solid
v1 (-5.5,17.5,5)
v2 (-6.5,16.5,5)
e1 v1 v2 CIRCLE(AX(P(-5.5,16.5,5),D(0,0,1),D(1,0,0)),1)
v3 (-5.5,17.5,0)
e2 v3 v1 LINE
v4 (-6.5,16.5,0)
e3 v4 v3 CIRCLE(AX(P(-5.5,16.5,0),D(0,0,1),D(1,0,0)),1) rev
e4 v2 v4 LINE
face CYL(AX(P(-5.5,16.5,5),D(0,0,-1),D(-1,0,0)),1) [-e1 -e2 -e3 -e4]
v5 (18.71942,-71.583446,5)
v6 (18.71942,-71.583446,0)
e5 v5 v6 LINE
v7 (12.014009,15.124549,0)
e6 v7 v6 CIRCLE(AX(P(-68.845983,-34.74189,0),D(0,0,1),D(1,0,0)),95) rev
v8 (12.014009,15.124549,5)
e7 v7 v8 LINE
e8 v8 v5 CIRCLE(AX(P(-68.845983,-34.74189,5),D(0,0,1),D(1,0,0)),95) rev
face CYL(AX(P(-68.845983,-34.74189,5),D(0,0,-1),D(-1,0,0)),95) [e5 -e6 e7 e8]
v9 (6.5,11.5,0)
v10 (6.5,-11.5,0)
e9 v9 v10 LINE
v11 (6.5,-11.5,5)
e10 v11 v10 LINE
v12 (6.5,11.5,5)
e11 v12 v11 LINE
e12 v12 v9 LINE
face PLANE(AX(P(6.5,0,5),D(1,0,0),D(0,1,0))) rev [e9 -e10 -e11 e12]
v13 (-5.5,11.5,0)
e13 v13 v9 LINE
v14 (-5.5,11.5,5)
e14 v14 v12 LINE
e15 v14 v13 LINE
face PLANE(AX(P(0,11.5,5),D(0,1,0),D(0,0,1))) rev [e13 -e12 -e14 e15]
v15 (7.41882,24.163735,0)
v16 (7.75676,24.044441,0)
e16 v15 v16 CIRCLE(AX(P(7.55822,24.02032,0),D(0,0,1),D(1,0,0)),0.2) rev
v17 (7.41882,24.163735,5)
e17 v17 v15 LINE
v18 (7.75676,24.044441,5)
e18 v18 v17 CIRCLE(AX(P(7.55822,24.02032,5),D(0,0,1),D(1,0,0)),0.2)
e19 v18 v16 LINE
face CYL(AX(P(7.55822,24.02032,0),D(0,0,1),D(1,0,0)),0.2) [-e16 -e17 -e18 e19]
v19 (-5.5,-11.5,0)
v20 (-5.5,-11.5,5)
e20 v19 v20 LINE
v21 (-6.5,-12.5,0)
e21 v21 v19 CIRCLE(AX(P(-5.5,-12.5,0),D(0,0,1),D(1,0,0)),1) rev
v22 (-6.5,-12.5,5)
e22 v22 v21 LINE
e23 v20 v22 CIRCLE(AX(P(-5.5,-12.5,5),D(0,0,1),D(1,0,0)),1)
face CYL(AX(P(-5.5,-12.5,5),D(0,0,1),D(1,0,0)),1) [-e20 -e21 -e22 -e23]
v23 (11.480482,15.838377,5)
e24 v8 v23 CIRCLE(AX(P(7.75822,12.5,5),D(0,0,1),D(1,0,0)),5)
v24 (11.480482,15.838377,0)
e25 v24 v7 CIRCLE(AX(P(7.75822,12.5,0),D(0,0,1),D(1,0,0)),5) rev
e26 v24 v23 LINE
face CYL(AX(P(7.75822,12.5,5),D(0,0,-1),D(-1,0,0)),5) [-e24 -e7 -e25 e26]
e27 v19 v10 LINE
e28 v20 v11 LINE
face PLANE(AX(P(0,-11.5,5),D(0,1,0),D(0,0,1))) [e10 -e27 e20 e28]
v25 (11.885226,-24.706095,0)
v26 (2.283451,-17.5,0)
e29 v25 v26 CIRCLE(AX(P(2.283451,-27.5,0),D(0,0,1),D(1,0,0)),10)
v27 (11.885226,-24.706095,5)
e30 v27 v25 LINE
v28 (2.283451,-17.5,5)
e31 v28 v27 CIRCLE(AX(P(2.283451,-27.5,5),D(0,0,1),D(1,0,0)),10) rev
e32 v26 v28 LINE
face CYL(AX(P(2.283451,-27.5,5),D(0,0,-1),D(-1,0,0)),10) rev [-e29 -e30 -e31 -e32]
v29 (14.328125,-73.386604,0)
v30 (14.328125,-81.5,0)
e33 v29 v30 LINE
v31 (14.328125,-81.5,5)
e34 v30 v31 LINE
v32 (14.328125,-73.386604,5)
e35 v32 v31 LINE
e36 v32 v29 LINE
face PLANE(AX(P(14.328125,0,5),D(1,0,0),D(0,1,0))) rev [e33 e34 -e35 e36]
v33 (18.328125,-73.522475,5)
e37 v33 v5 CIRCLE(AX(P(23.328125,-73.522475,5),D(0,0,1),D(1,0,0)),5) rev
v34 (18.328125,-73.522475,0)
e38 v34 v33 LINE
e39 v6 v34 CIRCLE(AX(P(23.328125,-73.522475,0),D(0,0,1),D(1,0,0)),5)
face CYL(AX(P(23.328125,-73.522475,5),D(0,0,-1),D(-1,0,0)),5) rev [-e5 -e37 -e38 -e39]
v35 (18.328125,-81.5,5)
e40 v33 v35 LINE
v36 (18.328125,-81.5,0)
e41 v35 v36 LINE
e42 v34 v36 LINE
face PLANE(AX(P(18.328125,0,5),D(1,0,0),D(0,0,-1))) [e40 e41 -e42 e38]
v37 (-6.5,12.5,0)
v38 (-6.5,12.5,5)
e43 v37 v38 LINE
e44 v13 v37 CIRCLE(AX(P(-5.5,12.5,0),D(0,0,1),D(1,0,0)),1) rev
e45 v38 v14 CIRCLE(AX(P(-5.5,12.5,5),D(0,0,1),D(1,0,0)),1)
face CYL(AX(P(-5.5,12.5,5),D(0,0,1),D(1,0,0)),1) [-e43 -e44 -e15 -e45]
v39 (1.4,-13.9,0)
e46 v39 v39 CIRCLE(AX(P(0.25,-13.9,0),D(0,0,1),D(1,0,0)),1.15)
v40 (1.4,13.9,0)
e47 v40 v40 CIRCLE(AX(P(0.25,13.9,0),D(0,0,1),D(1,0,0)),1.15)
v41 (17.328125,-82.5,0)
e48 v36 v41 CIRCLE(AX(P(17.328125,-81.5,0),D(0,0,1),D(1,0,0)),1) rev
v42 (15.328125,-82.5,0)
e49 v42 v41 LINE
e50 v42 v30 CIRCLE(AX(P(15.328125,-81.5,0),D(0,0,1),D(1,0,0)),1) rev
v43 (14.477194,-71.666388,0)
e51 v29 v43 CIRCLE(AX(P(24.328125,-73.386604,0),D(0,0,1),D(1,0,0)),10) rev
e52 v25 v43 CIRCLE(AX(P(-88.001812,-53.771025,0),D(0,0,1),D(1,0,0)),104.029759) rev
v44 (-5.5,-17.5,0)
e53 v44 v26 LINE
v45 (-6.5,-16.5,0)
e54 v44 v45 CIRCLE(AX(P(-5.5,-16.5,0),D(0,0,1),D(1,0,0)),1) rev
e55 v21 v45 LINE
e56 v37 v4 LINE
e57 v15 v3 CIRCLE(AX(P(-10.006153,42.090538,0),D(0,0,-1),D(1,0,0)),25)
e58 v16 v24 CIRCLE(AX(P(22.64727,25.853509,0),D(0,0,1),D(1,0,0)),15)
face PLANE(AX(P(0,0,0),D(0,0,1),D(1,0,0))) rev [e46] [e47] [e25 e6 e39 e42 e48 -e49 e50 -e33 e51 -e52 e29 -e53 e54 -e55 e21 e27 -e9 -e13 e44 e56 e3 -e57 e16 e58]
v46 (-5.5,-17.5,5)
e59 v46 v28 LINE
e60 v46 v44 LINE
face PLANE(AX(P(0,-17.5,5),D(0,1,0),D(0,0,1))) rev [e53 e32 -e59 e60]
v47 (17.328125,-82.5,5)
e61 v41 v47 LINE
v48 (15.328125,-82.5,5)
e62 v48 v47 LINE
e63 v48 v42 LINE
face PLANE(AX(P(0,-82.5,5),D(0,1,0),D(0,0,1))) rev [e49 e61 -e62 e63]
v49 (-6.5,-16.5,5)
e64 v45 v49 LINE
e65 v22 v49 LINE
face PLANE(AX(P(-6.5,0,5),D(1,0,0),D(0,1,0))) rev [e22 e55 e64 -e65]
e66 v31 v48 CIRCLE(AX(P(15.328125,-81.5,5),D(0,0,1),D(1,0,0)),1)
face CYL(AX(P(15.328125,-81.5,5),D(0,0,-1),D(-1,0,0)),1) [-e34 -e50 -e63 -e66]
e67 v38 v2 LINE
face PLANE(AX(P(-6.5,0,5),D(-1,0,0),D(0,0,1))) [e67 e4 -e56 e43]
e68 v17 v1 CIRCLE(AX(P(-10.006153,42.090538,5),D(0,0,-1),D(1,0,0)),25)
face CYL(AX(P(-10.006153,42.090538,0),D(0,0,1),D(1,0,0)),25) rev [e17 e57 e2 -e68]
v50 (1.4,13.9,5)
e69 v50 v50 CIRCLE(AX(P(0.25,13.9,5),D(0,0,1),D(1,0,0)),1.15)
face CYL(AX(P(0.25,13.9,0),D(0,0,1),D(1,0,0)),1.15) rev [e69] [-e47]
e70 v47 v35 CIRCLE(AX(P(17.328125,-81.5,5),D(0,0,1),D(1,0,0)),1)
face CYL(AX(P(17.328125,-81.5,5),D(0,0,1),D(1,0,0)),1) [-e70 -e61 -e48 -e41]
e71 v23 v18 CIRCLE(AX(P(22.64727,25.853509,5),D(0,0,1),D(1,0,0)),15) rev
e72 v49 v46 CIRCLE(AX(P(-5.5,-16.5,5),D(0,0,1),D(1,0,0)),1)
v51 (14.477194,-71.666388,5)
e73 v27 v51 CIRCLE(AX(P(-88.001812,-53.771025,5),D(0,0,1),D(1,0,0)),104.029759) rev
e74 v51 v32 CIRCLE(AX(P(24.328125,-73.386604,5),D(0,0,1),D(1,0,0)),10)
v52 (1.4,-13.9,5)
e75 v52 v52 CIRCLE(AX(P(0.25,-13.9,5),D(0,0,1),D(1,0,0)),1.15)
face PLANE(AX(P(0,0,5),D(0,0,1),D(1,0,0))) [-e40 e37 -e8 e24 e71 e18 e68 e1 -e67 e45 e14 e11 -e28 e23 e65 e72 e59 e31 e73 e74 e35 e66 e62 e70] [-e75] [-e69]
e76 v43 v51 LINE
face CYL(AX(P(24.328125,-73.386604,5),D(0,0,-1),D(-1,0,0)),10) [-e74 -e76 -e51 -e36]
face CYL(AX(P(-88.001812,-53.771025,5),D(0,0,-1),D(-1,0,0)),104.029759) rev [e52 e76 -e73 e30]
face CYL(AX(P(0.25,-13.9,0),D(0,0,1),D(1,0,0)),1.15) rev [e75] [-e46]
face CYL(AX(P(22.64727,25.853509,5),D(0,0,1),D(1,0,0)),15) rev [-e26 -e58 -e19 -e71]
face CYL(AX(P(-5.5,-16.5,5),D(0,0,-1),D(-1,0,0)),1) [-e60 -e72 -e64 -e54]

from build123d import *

# Parameters (mm, degrees)
BOSS_EXTRUDE1_DEPTH = 5
SKETCH2_R           = 1.15
CUT_EXTRUDE1_DEPTH  = 87.690729745
FILLET1_R           = 5
FILLET3_R           = 1
FILLET12_R          = 5
FILLET14_R          = 1
FILLET15_R          = 10
FILLET16_R          = 10
BOSS_EXTRUDE2_DEPTH = 5
FILLET17_R          = 0.2
FILLET18_R          = 15


with BuildPart() as part:
    # Sketch1 → Boss-Extrude1 (new body)
    with BuildSketch(Plane.XY):
        with BuildLine():
            Line((-6.5, 17.5), (-6.5, 11.5))
            Line((-6.5, 11.5), (6.5, 11.5))
            Line((6.5, 11.5), (6.5, -11.5))
            Line((6.5, -11.5), (-6.5, -11.5))
            Line((-6.5, -11.5), (-6.5, -17.5))
            Line((-6.5, -17.5), (9.5, -17.5))
            ThreePointArc((9.5, -17.5), (15.62941886, -44.673850811), (14.328125353, -72.5))
            Line((14.328125353, -72.5), (14.328125353, -82.5))
            Line((14.328125353, -82.5), (18.328125353, -82.5))
            Line((18.328125353, -82.5), (18.328125353, -72.5))
            ThreePointArc((18.328125353, -72.5), (25.796688212, -26.509948672), (10.5, 17.5))
            Line((10.5, 17.5), (-6.5, 17.5))
        make_face()
    extrude(amount=BOSS_EXTRUDE1_DEPTH)

    # Sketch2 → Cut-Extrude1 (cut, through all)
    with BuildSketch(Plane.XY.offset(5)):
        with Locations((0.25, 13.9)):
            Circle(SKETCH2_R)
        with Locations((0.25, -13.9)):
            Circle(SKETCH2_R)
    extrude(amount=-CUT_EXTRUDE1_DEPTH, mode=Mode.SUBTRACT)

    # Fillet1
    fillet1_edges = [part.edges().sort_by_distance(p)[0] for p in [
        (10.5, 17.5, 2.5),
    ]]
    fillet(fillet1_edges, radius=FILLET1_R)

    # Fillet3
    fillet3_edges = [part.edges().sort_by_distance(p)[0] for p in [
        (-6.5, -17.5, 2.5),
        (-6.5, -11.5, 2.5),
        (-6.5, 11.5, 2.5),
        (-6.5, 17.5, 2.5),
    ]]
    fillet(fillet3_edges, radius=FILLET3_R)

    # Fillet12
    fillet12_edges = [part.edges().sort_by_distance(p)[0] for p in [
        (18.328125353, -72.5, 2.5),
    ]]
    fillet(fillet12_edges, radius=FILLET12_R)

    # Fillet14
    fillet14_edges = [part.edges().sort_by_distance(p)[0] for p in [
        (18.328125353, -82.5, 2.5),
        (14.328125353, -82.5, 2.5),
    ]]
    fillet(fillet14_edges, radius=FILLET14_R)

    # Fillet15
    fillet15_edges = [part.edges().sort_by_distance(p)[0] for p in [
        (14.328125353, -72.5, 2.5),
    ]]
    fillet(fillet15_edges, radius=FILLET15_R)

    # Fillet16
    fillet16_edges = [part.edges().sort_by_distance(p)[0] for p in [
        (9.5, -17.5, 2.5),
    ]]
    fillet(fillet16_edges, radius=FILLET16_R)

    # Sketch3 → Boss-Extrude2 (add)
    with BuildSketch(Plane.XY.offset(5)):
        with BuildLine():
            Line((-5.5, 17.5), (7.758219973, 17.5))
            Line((7.758219973, 17.5), (7.758219973, 24.5))
            ThreePointArc((7.758219973, 24.5), (1.666211007, 19.982713789), (-5.5, 17.5))
        make_face()
    extrude(amount=-BOSS_EXTRUDE2_DEPTH)

    # Fillet17
    fillet17_edges = [part.edges().sort_by_distance(p)[0] for p in [
        (7.758219973, 24.5, 2.5),
    ]]
    fillet(fillet17_edges, radius=FILLET17_R)

    # Fillet18
    fillet18_edges = [part.edges().sort_by_distance(p)[0] for p in [
        (7.758219973, 17.5, 2.5),
    ]]
    fillet(fillet18_edges, radius=FILLET18_R)


solid = part.part
